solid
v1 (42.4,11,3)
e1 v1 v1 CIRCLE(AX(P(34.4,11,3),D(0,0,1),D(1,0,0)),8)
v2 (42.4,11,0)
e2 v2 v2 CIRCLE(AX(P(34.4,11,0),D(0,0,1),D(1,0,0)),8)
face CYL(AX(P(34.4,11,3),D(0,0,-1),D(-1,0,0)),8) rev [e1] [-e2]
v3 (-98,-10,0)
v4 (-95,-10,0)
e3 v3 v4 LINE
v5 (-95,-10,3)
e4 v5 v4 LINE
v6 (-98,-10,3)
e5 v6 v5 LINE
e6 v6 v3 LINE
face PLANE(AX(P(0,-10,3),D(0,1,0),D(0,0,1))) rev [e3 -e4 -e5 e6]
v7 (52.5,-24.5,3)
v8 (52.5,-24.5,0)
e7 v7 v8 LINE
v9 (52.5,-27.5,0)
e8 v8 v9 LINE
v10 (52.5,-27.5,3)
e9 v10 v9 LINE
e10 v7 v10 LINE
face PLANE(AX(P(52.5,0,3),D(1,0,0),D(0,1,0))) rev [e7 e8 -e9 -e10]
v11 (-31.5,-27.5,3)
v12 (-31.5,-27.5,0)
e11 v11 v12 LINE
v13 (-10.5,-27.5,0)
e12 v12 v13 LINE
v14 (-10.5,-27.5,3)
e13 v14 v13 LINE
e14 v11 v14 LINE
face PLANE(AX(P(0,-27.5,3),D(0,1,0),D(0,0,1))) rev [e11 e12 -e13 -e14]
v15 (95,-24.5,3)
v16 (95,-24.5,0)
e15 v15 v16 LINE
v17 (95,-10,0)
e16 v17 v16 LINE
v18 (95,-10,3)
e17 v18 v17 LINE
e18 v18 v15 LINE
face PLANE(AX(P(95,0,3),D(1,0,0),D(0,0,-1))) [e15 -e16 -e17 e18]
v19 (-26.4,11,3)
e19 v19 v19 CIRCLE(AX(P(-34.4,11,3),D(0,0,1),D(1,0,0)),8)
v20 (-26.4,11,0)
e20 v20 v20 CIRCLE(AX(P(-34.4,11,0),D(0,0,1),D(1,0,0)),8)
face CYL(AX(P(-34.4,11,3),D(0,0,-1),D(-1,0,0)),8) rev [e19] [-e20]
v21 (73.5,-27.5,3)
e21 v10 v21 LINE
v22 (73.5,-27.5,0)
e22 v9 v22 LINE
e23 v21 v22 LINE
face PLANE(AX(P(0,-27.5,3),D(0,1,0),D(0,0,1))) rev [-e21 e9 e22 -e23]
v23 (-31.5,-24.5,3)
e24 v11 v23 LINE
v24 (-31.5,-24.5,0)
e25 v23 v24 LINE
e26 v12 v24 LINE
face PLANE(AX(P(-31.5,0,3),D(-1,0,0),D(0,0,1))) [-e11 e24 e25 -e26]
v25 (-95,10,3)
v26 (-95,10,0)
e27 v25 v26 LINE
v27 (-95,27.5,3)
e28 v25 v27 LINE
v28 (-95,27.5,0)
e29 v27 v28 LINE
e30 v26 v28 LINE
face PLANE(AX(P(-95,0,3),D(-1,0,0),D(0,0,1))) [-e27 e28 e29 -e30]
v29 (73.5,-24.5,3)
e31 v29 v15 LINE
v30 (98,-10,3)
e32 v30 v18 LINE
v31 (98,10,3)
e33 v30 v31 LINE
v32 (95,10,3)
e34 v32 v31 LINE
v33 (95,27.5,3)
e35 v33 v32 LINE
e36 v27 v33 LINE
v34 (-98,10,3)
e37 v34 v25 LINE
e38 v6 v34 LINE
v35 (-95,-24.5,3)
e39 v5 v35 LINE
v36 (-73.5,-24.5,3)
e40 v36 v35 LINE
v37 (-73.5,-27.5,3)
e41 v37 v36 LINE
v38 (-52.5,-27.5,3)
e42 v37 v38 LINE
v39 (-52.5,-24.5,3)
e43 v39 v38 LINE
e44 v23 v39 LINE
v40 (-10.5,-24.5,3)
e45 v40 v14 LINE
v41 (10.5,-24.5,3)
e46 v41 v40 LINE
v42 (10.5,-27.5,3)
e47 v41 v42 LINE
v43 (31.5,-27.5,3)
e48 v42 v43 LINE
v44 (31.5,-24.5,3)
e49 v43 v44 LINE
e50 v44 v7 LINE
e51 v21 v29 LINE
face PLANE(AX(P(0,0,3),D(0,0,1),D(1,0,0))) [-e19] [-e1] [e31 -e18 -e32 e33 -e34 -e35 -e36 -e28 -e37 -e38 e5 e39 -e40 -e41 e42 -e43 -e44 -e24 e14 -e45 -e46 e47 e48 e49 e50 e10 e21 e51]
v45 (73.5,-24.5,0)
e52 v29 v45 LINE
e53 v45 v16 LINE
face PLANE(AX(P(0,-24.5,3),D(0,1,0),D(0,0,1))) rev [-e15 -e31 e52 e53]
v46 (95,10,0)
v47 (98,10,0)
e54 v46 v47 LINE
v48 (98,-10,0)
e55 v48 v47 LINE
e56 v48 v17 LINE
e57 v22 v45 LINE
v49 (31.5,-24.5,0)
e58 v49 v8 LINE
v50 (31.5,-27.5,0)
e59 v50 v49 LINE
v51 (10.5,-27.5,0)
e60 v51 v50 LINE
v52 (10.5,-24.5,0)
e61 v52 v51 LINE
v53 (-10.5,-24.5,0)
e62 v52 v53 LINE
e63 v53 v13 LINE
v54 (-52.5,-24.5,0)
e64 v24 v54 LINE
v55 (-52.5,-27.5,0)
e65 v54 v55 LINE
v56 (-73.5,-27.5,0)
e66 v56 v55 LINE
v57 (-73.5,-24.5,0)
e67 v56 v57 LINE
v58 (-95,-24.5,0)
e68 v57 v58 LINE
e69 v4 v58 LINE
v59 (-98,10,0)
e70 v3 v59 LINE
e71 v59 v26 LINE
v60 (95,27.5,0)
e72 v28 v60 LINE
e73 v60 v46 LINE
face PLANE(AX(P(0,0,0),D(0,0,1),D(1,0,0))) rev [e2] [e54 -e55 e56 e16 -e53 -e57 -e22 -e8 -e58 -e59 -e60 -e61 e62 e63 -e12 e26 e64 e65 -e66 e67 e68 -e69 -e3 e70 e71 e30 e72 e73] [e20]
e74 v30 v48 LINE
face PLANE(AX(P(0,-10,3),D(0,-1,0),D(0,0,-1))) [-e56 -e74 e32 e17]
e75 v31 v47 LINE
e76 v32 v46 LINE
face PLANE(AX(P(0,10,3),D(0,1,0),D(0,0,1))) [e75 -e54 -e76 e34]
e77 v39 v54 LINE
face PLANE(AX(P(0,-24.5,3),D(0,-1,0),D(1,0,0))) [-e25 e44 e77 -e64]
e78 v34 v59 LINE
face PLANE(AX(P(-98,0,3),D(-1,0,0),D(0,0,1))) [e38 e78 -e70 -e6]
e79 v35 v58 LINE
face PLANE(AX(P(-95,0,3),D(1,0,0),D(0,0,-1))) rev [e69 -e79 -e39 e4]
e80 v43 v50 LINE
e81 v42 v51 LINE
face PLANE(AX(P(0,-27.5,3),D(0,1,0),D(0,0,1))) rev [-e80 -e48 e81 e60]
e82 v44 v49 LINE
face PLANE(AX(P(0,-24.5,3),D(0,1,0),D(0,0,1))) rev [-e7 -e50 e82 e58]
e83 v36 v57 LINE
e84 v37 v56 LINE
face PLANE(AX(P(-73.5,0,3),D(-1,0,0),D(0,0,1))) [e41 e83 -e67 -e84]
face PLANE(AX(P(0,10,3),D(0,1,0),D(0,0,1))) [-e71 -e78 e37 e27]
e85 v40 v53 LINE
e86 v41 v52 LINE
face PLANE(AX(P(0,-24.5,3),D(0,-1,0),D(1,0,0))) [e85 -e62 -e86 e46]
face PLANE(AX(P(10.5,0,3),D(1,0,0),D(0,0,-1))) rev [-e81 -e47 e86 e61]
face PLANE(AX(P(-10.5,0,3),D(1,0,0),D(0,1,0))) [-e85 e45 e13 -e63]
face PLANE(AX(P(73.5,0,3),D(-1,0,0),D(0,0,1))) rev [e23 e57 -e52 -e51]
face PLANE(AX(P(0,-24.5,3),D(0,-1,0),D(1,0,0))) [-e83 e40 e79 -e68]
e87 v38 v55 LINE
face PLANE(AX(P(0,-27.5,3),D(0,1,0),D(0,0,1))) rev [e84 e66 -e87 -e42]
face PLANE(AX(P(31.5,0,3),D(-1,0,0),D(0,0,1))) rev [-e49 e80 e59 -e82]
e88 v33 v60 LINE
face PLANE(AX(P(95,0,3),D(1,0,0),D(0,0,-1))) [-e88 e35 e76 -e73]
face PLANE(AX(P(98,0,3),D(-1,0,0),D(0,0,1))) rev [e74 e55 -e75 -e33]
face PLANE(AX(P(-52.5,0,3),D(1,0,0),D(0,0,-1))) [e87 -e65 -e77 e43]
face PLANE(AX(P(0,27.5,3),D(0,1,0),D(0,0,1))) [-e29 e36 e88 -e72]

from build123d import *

# Parameters (mm, degrees)
SKETCH1_R           = 8
BOSS_EXTRUDE1_DEPTH = 3


with BuildPart() as part:
    # Sketch1 → Boss-Extrude1 (new body)
    with BuildSketch(Plane.XY):
        Polygon((-10.5, -24.5), (0, -24.5), (10.5, -24.5), (10.5, -27.5), (31.5, -27.5), (31.5, -24.5), (52.5, -24.5), (52.5, -27.5), (73.5, -27.5), (73.5, -24.5), (95, -24.5), (95, -10), (98, -10), (98, 10), (95, 10), (95, 27.5), (-95, 27.5), (-95, 10), (-98, 10), (-98, -10), (-95, -10), (-95, -24.5), (-73.5, -24.5), (-73.5, -27.5), (-52.5, -27.5), (-52.5, -24.5), (-31.5, -24.5), (-31.5, -27.5), (-10.5, -27.5), align=None)
        with Locations((-34.4, 11)):
            Circle(SKETCH1_R, mode=Mode.SUBTRACT)
        with Locations((34.4, 11)):
            Circle(SKETCH1_R, mode=Mode.SUBTRACT)
    extrude(amount=BOSS_EXTRUDE1_DEPTH)


solid = part.part
